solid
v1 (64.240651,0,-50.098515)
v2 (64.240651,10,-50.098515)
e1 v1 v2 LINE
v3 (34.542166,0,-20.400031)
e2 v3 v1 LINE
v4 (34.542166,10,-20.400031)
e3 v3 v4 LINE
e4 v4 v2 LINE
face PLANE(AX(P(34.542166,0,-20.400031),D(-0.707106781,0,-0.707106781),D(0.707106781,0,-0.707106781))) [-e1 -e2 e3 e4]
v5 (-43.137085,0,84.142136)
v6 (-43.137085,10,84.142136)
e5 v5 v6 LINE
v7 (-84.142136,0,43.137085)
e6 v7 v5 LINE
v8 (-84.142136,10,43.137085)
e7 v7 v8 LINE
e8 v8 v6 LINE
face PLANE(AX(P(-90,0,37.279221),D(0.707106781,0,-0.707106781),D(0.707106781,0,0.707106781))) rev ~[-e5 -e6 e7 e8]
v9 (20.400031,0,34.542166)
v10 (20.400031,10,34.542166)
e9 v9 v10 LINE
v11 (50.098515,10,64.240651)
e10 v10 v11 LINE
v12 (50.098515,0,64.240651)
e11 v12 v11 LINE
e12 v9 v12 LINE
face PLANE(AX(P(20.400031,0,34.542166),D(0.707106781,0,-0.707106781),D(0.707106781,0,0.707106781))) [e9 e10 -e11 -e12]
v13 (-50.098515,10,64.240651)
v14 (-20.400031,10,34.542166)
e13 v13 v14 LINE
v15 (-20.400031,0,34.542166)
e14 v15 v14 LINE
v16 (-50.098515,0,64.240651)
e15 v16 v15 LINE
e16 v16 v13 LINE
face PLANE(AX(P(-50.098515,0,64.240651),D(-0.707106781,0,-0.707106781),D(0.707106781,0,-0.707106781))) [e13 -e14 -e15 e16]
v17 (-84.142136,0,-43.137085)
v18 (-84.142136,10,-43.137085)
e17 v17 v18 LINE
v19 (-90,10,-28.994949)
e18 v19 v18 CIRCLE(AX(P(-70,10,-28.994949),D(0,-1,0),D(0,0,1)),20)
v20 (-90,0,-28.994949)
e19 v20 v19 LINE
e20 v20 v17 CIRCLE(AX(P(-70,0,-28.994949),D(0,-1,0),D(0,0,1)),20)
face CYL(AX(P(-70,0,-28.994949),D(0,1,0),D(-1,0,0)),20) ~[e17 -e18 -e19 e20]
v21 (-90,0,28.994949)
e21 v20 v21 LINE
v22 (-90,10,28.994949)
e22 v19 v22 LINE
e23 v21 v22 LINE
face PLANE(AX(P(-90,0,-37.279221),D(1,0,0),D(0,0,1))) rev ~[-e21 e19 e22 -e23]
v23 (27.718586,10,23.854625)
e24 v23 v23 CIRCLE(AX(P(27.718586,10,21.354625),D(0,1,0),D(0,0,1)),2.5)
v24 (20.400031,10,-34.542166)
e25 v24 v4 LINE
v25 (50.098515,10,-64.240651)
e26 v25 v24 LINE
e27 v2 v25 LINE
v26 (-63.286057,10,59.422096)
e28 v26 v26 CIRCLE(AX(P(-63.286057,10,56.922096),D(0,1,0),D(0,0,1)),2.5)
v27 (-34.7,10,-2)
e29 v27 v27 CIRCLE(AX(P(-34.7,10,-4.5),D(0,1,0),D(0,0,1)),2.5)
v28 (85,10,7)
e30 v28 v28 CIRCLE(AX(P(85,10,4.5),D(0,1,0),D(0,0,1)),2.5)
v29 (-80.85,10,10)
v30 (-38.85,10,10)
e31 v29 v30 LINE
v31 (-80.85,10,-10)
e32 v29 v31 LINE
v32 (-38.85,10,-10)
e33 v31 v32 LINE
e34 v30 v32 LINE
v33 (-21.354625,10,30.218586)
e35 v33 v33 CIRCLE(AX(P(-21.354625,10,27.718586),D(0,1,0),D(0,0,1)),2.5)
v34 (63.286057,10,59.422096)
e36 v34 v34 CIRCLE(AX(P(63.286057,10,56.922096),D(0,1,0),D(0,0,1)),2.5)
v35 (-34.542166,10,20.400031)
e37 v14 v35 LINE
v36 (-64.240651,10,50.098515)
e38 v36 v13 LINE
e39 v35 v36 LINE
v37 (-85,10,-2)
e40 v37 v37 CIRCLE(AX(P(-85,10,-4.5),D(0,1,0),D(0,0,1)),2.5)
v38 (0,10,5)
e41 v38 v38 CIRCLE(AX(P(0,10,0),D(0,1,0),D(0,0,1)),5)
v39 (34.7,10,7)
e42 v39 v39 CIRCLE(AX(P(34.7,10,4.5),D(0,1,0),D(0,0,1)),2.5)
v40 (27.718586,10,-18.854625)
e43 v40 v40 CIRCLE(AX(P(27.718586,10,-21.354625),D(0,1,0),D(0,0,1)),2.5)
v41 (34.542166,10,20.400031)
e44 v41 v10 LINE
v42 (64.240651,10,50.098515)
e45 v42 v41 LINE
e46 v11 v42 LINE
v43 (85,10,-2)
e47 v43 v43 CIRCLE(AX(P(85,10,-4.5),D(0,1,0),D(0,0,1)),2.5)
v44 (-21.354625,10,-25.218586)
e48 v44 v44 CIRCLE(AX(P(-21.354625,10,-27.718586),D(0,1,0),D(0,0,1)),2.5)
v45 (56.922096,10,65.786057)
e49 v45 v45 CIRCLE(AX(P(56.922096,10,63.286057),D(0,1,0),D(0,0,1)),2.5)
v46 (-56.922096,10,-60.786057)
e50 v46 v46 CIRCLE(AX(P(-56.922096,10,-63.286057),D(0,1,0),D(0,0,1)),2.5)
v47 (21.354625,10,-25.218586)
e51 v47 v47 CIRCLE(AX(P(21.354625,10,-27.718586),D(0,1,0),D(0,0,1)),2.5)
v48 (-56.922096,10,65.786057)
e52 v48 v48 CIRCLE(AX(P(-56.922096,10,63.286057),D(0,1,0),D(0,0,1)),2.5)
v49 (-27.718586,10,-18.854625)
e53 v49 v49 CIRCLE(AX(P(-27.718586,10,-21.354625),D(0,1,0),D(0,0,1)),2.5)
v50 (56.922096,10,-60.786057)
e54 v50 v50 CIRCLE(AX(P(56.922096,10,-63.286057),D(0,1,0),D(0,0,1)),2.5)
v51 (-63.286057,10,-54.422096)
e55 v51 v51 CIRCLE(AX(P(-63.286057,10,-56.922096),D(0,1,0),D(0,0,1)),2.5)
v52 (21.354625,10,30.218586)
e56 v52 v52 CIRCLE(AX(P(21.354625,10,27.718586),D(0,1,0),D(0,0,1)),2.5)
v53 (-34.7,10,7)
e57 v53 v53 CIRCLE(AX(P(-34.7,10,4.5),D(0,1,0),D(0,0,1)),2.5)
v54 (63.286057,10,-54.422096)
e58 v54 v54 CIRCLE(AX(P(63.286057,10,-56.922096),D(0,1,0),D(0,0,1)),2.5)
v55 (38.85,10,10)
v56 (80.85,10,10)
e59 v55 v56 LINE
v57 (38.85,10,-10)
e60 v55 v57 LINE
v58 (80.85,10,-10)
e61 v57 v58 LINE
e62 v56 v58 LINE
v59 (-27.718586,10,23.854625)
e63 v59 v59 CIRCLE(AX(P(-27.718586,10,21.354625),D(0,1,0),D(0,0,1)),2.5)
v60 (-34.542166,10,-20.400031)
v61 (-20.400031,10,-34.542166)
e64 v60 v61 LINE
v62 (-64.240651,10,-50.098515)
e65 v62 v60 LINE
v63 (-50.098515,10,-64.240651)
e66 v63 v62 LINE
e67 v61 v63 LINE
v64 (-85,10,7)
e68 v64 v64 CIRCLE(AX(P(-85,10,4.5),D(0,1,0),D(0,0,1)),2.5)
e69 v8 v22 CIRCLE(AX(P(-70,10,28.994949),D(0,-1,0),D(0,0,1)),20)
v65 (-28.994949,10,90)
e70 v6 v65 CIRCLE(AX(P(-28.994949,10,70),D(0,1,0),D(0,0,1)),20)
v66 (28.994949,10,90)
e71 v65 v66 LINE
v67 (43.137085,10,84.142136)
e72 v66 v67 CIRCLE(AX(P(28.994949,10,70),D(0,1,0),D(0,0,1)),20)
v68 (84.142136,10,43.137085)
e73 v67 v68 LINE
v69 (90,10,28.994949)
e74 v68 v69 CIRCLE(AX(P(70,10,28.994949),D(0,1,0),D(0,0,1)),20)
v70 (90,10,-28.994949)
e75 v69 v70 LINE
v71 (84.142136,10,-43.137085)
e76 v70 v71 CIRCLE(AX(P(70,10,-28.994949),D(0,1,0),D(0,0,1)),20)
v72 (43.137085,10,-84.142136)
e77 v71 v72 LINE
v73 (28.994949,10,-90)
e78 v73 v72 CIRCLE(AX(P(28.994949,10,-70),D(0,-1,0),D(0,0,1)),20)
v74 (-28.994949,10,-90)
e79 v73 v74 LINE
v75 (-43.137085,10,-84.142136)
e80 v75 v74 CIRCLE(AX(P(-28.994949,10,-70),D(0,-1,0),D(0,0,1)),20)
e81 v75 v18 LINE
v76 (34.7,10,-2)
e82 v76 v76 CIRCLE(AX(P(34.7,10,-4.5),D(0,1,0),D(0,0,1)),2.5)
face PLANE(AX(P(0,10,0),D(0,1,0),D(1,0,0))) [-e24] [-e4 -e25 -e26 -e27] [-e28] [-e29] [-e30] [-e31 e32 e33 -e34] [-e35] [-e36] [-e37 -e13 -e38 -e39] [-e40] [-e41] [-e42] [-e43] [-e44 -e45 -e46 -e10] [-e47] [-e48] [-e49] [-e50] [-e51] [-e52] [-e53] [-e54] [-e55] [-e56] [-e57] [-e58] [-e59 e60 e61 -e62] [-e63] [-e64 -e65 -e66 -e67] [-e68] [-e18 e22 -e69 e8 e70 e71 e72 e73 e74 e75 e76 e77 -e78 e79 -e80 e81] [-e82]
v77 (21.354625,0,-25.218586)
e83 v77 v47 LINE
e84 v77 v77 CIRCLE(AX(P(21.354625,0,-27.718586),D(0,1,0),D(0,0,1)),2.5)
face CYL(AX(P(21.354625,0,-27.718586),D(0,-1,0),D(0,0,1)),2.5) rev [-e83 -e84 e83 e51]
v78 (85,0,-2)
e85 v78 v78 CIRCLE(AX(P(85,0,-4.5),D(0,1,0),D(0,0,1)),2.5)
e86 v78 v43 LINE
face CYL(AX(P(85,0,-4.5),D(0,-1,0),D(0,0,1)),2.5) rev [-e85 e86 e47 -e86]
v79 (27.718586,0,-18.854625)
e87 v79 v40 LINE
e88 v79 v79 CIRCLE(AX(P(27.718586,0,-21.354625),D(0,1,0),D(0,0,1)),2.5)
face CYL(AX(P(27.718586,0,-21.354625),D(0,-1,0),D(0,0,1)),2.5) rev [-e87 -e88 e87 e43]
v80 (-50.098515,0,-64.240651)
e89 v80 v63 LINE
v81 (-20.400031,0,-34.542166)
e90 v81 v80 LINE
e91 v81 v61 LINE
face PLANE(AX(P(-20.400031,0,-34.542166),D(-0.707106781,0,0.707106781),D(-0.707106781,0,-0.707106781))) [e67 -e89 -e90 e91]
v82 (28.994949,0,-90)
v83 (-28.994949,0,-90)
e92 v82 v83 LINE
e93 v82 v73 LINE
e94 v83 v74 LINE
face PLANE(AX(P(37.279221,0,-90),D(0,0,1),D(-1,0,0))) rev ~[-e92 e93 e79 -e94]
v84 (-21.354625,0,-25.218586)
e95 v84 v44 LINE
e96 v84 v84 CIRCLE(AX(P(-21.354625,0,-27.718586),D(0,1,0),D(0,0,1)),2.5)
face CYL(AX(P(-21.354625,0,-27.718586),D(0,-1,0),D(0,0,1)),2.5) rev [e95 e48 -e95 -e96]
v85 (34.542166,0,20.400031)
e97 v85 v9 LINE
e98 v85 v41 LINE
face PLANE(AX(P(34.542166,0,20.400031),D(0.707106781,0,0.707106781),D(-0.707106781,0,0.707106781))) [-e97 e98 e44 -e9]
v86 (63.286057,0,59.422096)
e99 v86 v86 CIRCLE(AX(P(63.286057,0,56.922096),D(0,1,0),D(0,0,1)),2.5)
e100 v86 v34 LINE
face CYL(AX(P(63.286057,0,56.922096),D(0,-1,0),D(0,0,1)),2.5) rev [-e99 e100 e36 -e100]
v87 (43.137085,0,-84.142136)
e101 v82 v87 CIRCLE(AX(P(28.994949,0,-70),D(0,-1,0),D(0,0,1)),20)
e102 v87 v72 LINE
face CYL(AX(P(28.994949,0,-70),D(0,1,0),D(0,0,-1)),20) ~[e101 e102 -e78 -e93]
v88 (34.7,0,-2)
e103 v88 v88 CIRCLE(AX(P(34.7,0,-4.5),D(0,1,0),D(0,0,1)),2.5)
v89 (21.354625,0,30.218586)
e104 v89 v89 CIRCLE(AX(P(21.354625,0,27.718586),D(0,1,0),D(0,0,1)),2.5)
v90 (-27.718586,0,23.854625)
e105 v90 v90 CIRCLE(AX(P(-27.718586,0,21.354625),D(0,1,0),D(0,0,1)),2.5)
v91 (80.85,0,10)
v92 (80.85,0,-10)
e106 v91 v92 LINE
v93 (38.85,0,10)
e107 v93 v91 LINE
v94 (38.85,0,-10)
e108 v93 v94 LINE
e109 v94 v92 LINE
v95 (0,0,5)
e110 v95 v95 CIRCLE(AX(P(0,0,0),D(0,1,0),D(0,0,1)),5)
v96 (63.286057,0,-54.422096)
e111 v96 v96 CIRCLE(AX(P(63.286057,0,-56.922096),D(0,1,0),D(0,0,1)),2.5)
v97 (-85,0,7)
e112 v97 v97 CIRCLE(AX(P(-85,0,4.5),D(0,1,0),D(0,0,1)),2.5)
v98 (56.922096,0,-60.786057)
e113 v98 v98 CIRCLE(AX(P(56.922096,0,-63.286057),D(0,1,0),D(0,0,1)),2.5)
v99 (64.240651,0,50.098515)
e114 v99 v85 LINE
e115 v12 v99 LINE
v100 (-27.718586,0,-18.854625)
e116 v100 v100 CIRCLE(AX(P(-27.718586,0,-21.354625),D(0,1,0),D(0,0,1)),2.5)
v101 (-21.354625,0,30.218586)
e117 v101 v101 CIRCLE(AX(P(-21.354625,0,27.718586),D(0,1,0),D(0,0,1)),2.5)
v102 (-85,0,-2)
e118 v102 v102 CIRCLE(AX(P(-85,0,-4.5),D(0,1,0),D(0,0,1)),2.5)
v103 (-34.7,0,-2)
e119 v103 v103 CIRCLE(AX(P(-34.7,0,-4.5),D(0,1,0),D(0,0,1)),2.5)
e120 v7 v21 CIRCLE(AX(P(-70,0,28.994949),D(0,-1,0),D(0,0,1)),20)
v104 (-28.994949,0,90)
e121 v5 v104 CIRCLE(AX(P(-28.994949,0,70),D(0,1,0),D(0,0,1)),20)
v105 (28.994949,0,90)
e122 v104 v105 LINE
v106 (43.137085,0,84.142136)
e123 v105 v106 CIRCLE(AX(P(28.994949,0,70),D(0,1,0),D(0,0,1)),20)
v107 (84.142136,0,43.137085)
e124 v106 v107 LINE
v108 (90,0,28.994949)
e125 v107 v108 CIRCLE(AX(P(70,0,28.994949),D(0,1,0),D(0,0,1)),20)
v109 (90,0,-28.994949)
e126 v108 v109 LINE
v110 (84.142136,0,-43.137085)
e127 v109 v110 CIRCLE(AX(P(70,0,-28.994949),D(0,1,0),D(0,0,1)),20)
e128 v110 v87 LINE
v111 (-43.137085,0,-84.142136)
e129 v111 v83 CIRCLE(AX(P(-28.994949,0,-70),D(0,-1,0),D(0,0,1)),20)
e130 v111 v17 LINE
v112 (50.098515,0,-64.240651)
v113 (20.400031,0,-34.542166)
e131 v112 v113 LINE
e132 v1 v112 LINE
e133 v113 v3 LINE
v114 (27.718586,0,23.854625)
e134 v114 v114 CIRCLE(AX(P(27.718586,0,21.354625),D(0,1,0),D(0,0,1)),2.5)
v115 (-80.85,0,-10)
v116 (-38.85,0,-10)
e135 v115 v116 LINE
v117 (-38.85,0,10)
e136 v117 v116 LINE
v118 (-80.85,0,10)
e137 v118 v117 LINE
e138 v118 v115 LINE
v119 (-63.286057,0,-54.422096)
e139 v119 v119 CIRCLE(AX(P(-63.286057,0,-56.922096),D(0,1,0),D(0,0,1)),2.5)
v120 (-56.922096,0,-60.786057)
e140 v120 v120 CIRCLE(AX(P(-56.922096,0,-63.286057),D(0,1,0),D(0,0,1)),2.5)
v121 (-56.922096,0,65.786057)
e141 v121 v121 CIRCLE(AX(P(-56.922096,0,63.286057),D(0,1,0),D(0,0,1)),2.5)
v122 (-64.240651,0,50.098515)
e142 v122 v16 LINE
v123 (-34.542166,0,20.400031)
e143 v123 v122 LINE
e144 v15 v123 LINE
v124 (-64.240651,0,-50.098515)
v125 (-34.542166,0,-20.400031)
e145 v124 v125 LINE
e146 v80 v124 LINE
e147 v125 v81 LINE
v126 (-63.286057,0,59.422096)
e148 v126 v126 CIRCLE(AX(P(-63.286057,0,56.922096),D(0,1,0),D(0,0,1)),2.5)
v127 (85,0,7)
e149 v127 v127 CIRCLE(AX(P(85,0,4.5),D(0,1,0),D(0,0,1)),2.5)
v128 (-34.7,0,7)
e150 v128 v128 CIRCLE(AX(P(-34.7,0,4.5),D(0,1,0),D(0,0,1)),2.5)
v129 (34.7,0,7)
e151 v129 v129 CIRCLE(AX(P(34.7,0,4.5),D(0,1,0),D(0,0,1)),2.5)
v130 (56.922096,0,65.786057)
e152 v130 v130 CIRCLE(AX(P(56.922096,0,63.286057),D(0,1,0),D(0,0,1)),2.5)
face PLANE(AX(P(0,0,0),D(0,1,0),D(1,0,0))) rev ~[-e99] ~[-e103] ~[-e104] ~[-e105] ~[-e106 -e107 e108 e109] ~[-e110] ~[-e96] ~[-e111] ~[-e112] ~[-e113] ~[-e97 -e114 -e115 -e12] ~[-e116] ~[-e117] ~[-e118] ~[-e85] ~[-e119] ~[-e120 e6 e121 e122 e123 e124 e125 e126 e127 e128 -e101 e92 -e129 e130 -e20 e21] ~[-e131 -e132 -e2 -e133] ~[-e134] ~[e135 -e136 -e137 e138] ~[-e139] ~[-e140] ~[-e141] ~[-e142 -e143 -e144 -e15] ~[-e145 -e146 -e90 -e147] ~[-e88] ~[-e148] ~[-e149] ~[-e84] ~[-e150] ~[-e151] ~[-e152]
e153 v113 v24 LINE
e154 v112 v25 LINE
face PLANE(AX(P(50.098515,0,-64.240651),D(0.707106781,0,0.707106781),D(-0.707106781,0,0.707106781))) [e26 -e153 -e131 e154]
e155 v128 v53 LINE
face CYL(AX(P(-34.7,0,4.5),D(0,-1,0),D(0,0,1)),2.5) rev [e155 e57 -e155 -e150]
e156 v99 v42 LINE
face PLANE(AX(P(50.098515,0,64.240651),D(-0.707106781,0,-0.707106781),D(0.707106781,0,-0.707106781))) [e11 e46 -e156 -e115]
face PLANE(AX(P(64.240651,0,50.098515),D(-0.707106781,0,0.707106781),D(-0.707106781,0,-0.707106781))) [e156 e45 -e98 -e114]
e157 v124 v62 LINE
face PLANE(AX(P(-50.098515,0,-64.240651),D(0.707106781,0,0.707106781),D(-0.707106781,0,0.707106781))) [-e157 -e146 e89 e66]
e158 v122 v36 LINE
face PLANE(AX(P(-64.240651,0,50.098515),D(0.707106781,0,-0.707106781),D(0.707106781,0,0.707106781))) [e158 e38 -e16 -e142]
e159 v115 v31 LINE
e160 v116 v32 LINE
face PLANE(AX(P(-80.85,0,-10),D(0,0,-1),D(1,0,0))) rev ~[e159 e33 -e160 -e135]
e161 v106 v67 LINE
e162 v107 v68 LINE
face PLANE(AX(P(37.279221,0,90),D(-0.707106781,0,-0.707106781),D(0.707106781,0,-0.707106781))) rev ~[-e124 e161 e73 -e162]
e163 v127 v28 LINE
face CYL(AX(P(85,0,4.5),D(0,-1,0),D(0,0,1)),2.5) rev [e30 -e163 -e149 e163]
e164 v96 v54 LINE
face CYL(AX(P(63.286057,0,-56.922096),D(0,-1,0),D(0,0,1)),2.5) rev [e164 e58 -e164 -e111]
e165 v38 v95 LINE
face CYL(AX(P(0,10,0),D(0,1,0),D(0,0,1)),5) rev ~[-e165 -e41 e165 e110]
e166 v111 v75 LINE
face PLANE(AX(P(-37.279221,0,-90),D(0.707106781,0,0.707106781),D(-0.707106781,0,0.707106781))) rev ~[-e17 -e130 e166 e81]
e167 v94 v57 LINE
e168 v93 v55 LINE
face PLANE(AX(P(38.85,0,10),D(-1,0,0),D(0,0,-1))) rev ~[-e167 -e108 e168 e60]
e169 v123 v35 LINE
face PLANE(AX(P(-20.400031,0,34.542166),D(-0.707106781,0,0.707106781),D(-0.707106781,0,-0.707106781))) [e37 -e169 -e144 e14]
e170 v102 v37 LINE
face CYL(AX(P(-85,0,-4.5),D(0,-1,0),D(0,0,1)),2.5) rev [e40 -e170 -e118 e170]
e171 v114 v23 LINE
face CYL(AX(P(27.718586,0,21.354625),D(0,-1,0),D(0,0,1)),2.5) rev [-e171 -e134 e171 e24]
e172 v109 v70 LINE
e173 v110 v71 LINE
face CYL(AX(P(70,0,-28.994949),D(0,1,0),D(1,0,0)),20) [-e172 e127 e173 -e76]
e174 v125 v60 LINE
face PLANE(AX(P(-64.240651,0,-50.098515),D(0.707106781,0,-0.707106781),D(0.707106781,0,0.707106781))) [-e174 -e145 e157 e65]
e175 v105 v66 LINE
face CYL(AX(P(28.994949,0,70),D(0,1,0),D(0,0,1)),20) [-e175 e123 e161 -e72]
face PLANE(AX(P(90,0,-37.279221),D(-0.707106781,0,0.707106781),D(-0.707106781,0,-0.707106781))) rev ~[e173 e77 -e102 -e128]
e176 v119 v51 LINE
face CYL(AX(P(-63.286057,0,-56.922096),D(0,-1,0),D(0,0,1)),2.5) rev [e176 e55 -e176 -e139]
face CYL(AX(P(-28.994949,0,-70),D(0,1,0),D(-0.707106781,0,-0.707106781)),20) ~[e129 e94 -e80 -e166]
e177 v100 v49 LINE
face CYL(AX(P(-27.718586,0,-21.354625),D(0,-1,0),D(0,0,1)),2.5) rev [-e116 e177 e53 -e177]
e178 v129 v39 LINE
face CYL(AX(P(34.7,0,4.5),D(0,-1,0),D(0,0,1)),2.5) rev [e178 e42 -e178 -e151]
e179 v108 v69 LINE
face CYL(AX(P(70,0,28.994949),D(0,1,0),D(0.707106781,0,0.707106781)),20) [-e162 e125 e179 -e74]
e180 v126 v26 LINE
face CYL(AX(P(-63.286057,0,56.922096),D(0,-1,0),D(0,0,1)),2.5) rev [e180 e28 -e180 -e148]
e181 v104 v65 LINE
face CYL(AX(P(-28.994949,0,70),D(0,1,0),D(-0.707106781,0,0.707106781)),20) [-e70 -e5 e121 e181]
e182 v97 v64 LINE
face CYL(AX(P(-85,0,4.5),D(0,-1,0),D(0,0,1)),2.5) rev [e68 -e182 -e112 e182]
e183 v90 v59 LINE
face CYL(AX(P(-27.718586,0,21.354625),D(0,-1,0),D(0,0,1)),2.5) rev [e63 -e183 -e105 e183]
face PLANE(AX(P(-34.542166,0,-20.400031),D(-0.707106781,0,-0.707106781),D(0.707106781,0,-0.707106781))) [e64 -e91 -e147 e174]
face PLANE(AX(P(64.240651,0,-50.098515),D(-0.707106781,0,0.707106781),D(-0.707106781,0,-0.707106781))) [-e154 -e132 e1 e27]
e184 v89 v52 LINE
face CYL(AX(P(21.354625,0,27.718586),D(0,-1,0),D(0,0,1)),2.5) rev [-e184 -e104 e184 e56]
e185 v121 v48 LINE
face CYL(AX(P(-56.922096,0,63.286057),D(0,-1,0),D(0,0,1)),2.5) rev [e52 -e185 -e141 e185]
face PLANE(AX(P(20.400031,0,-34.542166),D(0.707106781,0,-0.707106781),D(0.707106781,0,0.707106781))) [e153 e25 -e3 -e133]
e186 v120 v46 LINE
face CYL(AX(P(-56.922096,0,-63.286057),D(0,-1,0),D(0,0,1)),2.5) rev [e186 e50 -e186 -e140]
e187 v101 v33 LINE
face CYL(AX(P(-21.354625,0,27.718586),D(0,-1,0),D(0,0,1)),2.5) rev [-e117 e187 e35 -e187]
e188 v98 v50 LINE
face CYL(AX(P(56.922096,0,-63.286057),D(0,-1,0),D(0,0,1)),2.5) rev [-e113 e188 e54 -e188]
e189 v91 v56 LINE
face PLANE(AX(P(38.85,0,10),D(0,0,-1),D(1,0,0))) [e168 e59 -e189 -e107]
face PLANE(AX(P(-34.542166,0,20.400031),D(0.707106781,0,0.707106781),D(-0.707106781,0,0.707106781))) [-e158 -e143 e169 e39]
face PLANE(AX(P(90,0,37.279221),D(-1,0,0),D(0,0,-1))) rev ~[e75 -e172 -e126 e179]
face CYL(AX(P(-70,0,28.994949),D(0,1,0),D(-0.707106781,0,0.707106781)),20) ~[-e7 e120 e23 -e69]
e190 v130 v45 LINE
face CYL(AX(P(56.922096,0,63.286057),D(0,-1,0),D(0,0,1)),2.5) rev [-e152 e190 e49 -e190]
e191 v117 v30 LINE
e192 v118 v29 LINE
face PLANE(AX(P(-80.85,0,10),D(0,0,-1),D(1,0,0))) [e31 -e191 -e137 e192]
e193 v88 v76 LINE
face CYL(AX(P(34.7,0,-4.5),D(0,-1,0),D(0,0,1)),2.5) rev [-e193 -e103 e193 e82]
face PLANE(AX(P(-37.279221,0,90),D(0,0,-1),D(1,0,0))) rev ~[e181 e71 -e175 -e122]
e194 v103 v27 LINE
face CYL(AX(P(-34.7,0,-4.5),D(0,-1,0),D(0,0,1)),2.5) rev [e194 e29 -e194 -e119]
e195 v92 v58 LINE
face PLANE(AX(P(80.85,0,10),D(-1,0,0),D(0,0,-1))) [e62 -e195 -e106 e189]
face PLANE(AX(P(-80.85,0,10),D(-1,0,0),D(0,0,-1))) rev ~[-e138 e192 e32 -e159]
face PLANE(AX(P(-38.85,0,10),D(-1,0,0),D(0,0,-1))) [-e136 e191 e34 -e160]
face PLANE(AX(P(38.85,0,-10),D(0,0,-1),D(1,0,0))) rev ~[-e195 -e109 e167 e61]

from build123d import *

# Parameters (mm, degrees)
SKETCH1_R           = 2.5
SKETCH1_W           = 42
SKETCH1_H           = 20
BOSS_EXTRUDE1_DEPTH = 10
FILLET1_R           = 20
SKETCH2_R           = 5
CUT_EXTRUDE1_DEPTH  = 128.671453348


with BuildPart() as part:
    # Sketch1 → Boss-Extrude1 (new body)
    with BuildSketch(Plane(origin=(0, 0, 0), x_dir=(1, 0, 0), z_dir=(0, 1, 0))):
        Polygon((-90, -37.279220614), (-37.279220614, -90), (37.279220614, -90), (90, -37.279220614), (90, 37.279220614), (37.279220614, 90), (-37.279220614, 90), (-90, 37.279220614), align=None)
        with Locations(Location((56.922095886, -63.286056916, 0), (0, 0, 270))):
            Circle(SKETCH1_R, mode=Mode.SUBTRACT)
        with Locations(Location((63.286056916, -56.922095886, 0), (0, 0, 270))):
            Circle(SKETCH1_R, mode=Mode.SUBTRACT)
        with Locations(Location((27.718585823, -21.354624792, 0), (0, 0, 270))):
            Circle(SKETCH1_R, mode=Mode.SUBTRACT)
        with Locations(Location((21.354624792, -27.718585823, 0), (0, 0, 270))):
            Circle(SKETCH1_R, mode=Mode.SUBTRACT)
        with Locations(Location((-27.718585823, -21.354624792, 0), (0, 0, 270))):
            Circle(SKETCH1_R, mode=Mode.SUBTRACT)
        with Locations(Location((-21.354624792, -27.718585823, 0), (0, 0, 270))):
            Circle(SKETCH1_R, mode=Mode.SUBTRACT)
        with Locations(Location((-56.922095886, -63.286056916, 0), (0, 0, 270))):
            Circle(SKETCH1_R, mode=Mode.SUBTRACT)
        with Locations(Location((-63.286056916, -56.922095886, 0), (0, 0, 270))):
            Circle(SKETCH1_R, mode=Mode.SUBTRACT)
        with Locations(Location((-34.7, 4.5, 0), (0, 0, 270))):
            Circle(SKETCH1_R, mode=Mode.SUBTRACT)
        with Locations(Location((-34.7, -4.5, 0), (0, 0, 270))):
            Circle(SKETCH1_R, mode=Mode.SUBTRACT)
        with Locations(Location((-85, -4.5, 0), (0, 0, 270))):
            Circle(SKETCH1_R, mode=Mode.SUBTRACT)
        with Locations(Location((-85, 4.5, 0), (0, 0, 270))):
            Circle(SKETCH1_R, mode=Mode.SUBTRACT)
        with Locations(Location((-21.354624792, 27.718585823, 0), (0, 0, 270))):
            Circle(SKETCH1_R, mode=Mode.SUBTRACT)
        with Locations(Location((-27.718585823, 21.354624792, 0), (0, 0, 270))):
            Circle(SKETCH1_R, mode=Mode.SUBTRACT)
        with Locations(Location((-63.286056916, 56.922095886, 0), (0, 0, 270))):
            Circle(SKETCH1_R, mode=Mode.SUBTRACT)
        with Locations(Location((-56.922095886, 63.286056916, 0), (0, 0, 270))):
            Circle(SKETCH1_R, mode=Mode.SUBTRACT)
        with Locations(Location((27.718585823, 21.354624792, 0), (0, 0, 270))):
            Circle(SKETCH1_R, mode=Mode.SUBTRACT)
        with Locations(Location((21.354624792, 27.718585823, 0), (0, 0, 270))):
            Circle(SKETCH1_R, mode=Mode.SUBTRACT)
        with Locations(Location((56.922095886, 63.286056916, 0), (0, 0, 270))):
            Circle(SKETCH1_R, mode=Mode.SUBTRACT)
        with Locations(Location((63.286056916, 56.922095886, 0), (0, 0, 270))):
            Circle(SKETCH1_R, mode=Mode.SUBTRACT)
        with Locations(Location((34.7, -4.5, 0), (0, 0, 270))):
            Circle(SKETCH1_R, mode=Mode.SUBTRACT)
        with Locations(Location((34.7, 4.5, 0), (0, 0, 270))):
            Circle(SKETCH1_R, mode=Mode.SUBTRACT)
        with Locations(Location((85, 4.5, 0), (0, 0, 270))):
            Circle(SKETCH1_R, mode=Mode.SUBTRACT)
        with Locations(Location((85, -4.5, 0), (0, 0, 270))):
            Circle(SKETCH1_R, mode=Mode.SUBTRACT)
        Polygon((34.542166261, -20.400030637), (20.400030637, -34.542166261), (50.098515447, -64.240651071), (64.240651071, -50.098515447), align=None, mode=Mode.SUBTRACT)
        Polygon((-20.400030637, -34.542166261), (-34.542166261, -20.400030637), (-64.240651071, -50.098515447), (-50.098515447, -64.240651071), align=None, mode=Mode.SUBTRACT)
        with Locations((-59.85, 0)):
            Rectangle(SKETCH1_W, SKETCH1_H, mode=Mode.SUBTRACT)
        Polygon((-34.542166261, 20.400030637), (-20.400030637, 34.542166261), (-50.098515447, 64.240651071), (-64.240651071, 50.098515447), align=None, mode=Mode.SUBTRACT)
        Polygon((20.400030637, 34.542166261), (34.542166261, 20.400030637), (64.240651071, 50.098515447), (50.098515447, 64.240651071), align=None, mode=Mode.SUBTRACT)
        with Locations((59.85, 0)):
            Rectangle(SKETCH1_W, SKETCH1_H, mode=Mode.SUBTRACT)
    extrude(amount=BOSS_EXTRUDE1_DEPTH)

    # Fillet1
    fillet1_edges = [part.edges().sort_by_distance(p)[0] for p in [
        (-37.279220614, 5, -90),
        (37.279220614, 5, -90),
        (90, 5, -37.279220614),
        (90, 5, 37.279220614),
        (37.279220614, 5, 90),
        (-37.279220614, 5, 90),
        (-90, 5, 37.279220614),
        (-90, 5, -37.279220614),
    ]]
    fillet(fillet1_edges, radius=FILLET1_R)

    # Sketch2 → Cut-Extrude1 (cut, through all)
    with BuildSketch(Plane(origin=(0, 10, 0), x_dir=(1, 0, 0), z_dir=(0, 1, 0))):
        with Locations(Location((0, 0, 0), (0, 0, 270))):
            Circle(SKETCH2_R)
    extrude(amount=-CUT_EXTRUDE1_DEPTH, mode=Mode.SUBTRACT)


solid = part.part
